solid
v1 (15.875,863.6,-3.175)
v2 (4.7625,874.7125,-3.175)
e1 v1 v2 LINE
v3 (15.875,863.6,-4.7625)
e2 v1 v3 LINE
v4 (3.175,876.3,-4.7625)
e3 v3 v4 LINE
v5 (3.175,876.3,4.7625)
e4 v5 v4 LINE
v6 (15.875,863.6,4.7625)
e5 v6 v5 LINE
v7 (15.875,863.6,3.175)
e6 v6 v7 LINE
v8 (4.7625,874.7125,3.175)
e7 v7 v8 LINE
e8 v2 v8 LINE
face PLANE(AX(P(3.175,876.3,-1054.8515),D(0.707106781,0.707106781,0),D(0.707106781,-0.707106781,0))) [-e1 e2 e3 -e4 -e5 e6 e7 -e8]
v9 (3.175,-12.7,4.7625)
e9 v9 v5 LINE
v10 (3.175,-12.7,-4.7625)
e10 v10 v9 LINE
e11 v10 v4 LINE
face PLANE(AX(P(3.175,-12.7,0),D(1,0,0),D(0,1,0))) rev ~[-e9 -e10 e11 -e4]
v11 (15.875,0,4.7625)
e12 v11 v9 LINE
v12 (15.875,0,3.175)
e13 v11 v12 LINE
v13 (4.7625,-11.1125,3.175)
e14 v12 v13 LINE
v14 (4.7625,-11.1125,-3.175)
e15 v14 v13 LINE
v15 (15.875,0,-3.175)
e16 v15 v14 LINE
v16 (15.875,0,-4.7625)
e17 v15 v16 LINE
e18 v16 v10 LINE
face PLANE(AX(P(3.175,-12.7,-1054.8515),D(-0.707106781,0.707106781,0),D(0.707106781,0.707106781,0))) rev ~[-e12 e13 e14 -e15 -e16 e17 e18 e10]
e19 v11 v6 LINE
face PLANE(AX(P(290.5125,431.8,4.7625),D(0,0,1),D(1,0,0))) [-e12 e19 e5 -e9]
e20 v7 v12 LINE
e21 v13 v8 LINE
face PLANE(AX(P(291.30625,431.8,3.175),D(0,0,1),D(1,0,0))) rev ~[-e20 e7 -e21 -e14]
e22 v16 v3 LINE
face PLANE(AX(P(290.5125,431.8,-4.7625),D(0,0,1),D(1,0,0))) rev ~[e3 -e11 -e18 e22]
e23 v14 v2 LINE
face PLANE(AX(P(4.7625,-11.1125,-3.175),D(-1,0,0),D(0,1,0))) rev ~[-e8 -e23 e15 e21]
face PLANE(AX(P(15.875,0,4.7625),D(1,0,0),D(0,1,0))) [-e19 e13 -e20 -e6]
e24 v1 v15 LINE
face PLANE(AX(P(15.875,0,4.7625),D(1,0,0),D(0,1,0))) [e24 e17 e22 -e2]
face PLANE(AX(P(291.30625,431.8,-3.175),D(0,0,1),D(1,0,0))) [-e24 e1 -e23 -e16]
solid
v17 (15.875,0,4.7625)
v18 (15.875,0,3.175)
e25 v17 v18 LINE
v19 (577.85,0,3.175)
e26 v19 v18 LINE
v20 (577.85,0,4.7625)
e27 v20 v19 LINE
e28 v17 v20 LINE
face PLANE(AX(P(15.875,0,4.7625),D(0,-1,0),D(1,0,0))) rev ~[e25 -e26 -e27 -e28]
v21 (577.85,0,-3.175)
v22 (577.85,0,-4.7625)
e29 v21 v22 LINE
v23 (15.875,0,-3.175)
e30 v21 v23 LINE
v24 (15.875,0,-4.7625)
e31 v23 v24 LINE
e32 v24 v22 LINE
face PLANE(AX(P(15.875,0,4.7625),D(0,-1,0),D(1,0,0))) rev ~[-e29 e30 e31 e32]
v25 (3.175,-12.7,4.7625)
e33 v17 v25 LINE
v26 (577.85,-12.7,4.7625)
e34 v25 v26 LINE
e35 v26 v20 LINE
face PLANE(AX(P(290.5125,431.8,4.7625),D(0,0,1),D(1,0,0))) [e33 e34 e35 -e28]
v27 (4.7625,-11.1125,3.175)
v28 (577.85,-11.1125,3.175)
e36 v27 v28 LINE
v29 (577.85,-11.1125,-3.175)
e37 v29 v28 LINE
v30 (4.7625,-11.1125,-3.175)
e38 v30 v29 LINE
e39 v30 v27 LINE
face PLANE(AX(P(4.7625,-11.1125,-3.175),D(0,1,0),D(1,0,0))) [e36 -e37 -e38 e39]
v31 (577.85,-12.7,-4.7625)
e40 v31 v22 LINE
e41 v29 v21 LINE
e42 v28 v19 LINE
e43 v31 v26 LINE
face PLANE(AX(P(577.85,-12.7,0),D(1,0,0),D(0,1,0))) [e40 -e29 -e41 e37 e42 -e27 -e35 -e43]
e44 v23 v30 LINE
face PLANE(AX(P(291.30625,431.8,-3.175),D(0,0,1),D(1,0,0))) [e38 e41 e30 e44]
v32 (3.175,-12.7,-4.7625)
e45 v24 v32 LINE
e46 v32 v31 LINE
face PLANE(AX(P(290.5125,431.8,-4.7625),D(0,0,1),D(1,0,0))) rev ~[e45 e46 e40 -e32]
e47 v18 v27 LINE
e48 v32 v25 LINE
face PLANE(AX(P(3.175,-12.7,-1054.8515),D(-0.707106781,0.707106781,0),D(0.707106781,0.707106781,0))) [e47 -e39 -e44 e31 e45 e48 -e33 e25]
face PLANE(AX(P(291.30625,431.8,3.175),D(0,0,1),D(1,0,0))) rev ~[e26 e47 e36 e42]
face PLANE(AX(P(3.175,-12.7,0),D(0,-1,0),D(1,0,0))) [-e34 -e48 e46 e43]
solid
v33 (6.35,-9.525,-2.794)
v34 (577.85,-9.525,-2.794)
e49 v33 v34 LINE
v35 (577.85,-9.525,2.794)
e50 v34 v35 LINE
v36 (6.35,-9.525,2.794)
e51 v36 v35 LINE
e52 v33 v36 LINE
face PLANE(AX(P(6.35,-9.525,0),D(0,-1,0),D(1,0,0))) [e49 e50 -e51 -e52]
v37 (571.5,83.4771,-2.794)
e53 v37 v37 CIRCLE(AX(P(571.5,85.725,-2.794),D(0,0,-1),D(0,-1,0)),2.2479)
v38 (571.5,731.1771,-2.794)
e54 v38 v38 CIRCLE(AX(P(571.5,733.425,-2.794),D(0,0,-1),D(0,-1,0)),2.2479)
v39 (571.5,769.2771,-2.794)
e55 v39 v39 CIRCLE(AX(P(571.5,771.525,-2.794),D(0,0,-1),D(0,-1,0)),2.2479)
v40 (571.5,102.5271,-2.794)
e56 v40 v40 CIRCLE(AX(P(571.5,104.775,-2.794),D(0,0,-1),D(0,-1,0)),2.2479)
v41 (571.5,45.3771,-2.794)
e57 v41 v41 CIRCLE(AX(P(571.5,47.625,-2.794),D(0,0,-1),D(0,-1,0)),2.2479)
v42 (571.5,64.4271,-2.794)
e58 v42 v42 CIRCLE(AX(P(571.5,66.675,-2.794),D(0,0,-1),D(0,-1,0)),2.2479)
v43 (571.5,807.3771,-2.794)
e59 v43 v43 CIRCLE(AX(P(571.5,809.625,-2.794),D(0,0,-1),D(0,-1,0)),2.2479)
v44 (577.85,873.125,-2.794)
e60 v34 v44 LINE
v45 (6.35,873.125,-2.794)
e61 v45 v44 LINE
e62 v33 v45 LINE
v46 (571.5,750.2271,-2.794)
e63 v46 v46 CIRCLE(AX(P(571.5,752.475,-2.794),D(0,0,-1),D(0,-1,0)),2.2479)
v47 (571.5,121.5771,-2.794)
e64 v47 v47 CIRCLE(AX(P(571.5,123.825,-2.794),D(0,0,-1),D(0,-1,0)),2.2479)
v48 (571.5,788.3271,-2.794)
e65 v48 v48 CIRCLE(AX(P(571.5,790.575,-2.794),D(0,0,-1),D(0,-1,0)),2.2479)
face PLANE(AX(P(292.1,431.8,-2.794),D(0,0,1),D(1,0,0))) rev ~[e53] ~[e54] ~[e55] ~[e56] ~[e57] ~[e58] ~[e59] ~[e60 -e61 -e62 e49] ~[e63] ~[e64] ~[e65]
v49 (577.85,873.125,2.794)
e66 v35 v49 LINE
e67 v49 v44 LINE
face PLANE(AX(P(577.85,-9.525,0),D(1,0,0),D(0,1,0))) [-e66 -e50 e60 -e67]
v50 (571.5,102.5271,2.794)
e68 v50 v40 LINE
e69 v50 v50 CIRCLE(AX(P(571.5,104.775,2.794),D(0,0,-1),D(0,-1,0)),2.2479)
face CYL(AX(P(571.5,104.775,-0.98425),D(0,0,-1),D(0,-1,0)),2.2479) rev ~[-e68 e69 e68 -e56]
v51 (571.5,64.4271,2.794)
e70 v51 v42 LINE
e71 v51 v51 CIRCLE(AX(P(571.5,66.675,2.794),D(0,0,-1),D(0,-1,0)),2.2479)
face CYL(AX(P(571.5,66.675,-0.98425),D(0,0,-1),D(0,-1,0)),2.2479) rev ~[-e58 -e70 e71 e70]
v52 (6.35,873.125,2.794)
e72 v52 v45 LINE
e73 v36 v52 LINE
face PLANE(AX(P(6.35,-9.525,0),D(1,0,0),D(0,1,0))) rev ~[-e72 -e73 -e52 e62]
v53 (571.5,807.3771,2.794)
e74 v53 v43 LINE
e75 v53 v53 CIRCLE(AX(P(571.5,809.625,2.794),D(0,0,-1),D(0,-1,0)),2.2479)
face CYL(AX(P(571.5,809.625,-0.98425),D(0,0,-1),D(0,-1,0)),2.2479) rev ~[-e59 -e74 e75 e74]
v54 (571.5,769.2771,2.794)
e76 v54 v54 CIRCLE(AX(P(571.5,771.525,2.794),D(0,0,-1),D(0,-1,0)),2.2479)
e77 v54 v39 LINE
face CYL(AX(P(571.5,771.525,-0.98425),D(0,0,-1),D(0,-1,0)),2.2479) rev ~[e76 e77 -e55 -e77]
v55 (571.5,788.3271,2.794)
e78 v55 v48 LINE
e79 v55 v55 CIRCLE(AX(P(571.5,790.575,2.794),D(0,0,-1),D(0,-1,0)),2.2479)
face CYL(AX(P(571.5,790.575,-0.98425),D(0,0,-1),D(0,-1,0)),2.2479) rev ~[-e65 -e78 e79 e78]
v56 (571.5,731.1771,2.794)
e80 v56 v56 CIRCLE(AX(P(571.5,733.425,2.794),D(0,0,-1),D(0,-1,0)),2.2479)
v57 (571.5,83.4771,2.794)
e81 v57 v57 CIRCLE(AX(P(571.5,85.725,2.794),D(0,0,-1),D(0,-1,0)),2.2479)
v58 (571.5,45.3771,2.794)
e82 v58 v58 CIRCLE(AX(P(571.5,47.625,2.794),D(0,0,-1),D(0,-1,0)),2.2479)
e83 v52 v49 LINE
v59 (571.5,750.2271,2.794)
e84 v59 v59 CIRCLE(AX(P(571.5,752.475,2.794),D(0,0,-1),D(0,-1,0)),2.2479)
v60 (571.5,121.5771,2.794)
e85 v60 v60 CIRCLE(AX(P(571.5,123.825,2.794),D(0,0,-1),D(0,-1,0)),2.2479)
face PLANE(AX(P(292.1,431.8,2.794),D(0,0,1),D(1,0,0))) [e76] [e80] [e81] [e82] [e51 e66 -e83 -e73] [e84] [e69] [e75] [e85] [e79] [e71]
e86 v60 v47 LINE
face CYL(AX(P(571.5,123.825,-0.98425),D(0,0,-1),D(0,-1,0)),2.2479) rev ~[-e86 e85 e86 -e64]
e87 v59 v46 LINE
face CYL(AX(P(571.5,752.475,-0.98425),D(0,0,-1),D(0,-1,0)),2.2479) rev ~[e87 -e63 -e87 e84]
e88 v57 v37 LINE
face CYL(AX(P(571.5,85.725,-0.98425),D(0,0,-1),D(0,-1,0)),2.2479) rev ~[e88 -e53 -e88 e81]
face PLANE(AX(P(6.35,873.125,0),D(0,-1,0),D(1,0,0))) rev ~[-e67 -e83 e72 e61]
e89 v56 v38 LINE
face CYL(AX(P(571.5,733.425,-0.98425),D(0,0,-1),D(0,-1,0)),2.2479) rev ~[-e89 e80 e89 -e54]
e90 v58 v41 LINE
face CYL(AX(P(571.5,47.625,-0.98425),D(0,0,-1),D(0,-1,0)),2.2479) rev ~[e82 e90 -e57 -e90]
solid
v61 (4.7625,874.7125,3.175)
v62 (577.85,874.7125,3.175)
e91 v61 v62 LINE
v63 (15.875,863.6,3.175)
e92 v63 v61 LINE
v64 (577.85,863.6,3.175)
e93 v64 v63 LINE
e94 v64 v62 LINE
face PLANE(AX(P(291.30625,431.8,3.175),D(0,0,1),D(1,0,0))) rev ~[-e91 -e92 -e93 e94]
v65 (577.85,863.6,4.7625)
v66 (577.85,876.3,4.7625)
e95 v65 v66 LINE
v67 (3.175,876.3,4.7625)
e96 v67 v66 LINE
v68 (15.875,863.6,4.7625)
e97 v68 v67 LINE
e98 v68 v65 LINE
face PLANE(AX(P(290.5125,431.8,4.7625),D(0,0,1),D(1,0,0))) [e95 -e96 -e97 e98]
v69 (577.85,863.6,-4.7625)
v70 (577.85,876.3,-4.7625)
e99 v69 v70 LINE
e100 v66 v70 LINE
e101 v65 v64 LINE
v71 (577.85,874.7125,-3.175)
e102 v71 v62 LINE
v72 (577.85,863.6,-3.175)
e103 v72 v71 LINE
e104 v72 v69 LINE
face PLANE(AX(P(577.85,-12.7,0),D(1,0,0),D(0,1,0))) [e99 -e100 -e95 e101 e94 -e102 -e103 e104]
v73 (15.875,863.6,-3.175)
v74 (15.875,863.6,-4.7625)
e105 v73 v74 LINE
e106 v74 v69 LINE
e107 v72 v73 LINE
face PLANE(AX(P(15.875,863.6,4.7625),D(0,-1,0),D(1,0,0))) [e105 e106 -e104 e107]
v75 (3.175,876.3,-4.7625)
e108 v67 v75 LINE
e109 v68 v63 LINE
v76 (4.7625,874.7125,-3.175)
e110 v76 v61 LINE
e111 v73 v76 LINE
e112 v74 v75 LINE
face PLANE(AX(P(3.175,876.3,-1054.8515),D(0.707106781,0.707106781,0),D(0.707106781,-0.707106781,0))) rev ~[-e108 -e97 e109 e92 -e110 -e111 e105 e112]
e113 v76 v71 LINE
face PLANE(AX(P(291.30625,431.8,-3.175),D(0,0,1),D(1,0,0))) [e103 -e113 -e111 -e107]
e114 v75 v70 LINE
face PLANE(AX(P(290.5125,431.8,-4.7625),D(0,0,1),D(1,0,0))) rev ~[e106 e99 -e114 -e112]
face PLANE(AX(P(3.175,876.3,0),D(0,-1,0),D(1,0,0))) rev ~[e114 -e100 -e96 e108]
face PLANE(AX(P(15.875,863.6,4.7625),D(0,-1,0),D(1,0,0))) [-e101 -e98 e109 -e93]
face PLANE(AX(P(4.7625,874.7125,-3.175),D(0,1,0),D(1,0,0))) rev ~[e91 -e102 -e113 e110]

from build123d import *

# Parameters (mm, degrees)
SKETCH2_W                             = 574.675
SKETCH2_H                             = 889
FRAME_OUTER_DIMENSIONS_DEPTH          = 4.7625
SKETCH3_W                             = 561.975
SKETCH3_H                             = 863.6
FRAME_INNER_DIMENSIONS_DEPTH          = 1050.71569395
FRAME_PROFILE_DEPTH                   = 3.175
FRAME_PROFILE_DEPTH_BACK              = 3.175
SKETCH4_W                             = 573.0875
SKETCH4_H                             = 885.825
FRAME_SECTION_SPLIT_SURFACE_1_1_BACK  = 1059.614
FRAME_SECTION_SPLIT_SURFACE_1_1_DEPTH = 2119.228
FRAME_SECTION_SPLIT_SURFACE_1_2_BACK  = 1059.614
FRAME_SECTION_SPLIT_SURFACE_1_2_DEPTH = 2119.228
FRAME_SECTION_SPLIT_SURFACE_2_3_BACK  = 1059.614
FRAME_SECTION_SPLIT_SURFACE_2_3_DEPTH = 2119.228
FRAME_SECTION_SPLIT_SURFACE_2_4_BACK  = 1059.614
FRAME_SECTION_SPLIT_SURFACE_2_4_DEPTH = 2119.228
SKETCH5_W                             = 571.5
SKETCH5_H                             = 882.65
DOOR_PANEL_DEPTH                      = 2.794
SKETCH9_W                             = 2.2479
SKETCH9_H                             = 7.5565
F_8_CLEARANCE_HOLE1_AT_2_COUNT        = 2
F_8_CLEARANCE_HOLE1_AT_2_PITCH        = 19.05
F_8_CLEARANCE_HOLE1_AT_3_COUNT        = 2
F_8_CLEARANCE_HOLE1_AT_3_PITCH        = 38.1
F_8_CLEARANCE_HOLE1_AT_4_COUNT        = 2
F_8_CLEARANCE_HOLE1_AT_4_PITCH        = 57.15
F_8_CLEARANCE_HOLE1_AT_5_COUNT        = 2
F_8_CLEARANCE_HOLE1_AT_5_PITCH        = 76.2
F_8_CLEARANCE_HOLE1_AT_6_COUNT        = 2
F_8_CLEARANCE_HOLE1_AT_6_PITCH        = 704.85
F_8_CLEARANCE_HOLE1_AT_7_COUNT        = 2
F_8_CLEARANCE_HOLE1_AT_7_PITCH        = 723.9
F_8_CLEARANCE_HOLE1_AT_8_COUNT        = 2
F_8_CLEARANCE_HOLE1_AT_8_PITCH        = 742.95
F_8_CLEARANCE_HOLE1_AT_9_COUNT        = 2
F_8_CLEARANCE_HOLE1_AT_9_PITCH        = 762
F_8_CLEARANCE_HOLE1_AT_10_COUNT       = 2
F_8_CLEARANCE_HOLE1_AT_10_PITCH       = 685.8


with BuildPart() as part:
    # Sketch2 → Frame outer dimensions (new, symmetric)
    with BuildSketch(Plane.XY):
        with Locations((290.5125, 431.8)):
            Rectangle(SKETCH2_W, SKETCH2_H)
    extrude(amount=FRAME_OUTER_DIMENSIONS_DEPTH, both=True)

    # Sketch3 → Frame inner dimensions (cut, through all)
    with BuildSketch(Plane.XY.offset(4.7625)):
        with Locations((296.8625, 431.8)):
            Rectangle(SKETCH3_W, SKETCH3_H)
    extrude(amount=-FRAME_INNER_DIMENSIONS_DEPTH, mode=Mode.SUBTRACT)

    # Sketch4 → Frame profile (cut, two sides: drawn at the far end of the back side and taken through both)
    with BuildSketch(Plane.XY.offset(-FRAME_PROFILE_DEPTH_BACK)):
        with Locations((291.30625, 431.8)):
            Rectangle(SKETCH4_W, SKETCH4_H)
    extrude(amount=FRAME_PROFILE_DEPTH + FRAME_PROFILE_DEPTH_BACK, mode=Mode.SUBTRACT)


with BuildPart() as body_2:
    # Frame section split: the piece behind the surface
    add(part.part)
    # Frame section split surface 1: a surface, the sketch's curves swept straight by 2119.228 mm
    with BuildLine(Plane.XY.offset(4.7625).offset(-FRAME_SECTION_SPLIT_SURFACE_1_1_BACK), mode=Mode.PRIVATE) as frame_section_split_surface_1_1_path:
        Line((3.175, 876.3), (15.875, 863.6))
    frame_section_split_surface_1_1 = Shell.extrude(frame_section_split_surface_1_1_path.wire(), (0 * FRAME_SECTION_SPLIT_SURFACE_1_1_DEPTH, 0 * FRAME_SECTION_SPLIT_SURFACE_1_1_DEPTH, 1 * FRAME_SECTION_SPLIT_SURFACE_1_1_DEPTH))
    split(bisect_by=frame_section_split_surface_1_1, keep=Keep.BOTTOM)


with BuildPart() as part_1:
    add(part.part)

    # Frame section split: split by a surface, the side it looks to stays
    # Frame section split surface 1: a surface, the sketch's curves swept straight by 2119.228 mm
    with BuildLine(Plane.XY.offset(4.7625).offset(-FRAME_SECTION_SPLIT_SURFACE_1_2_BACK), mode=Mode.PRIVATE) as frame_section_split_surface_1_2_path:
        Line((3.175, 876.3), (15.875, 863.6))
    frame_section_split_surface_1_2 = Shell.extrude(frame_section_split_surface_1_2_path.wire(), (0 * FRAME_SECTION_SPLIT_SURFACE_1_2_DEPTH, 0 * FRAME_SECTION_SPLIT_SURFACE_1_2_DEPTH, 1 * FRAME_SECTION_SPLIT_SURFACE_1_2_DEPTH))
    split(bisect_by=frame_section_split_surface_1_2, keep=Keep.TOP)


with BuildPart() as body_3:
    # Frame section split 2 body 2: the piece behind the surface
    add(body_2.part)
    # Frame section split surface 2: a surface, the sketch's curves swept straight by 2119.228 mm
    with BuildLine(Plane.XY.offset(4.7625).offset(-FRAME_SECTION_SPLIT_SURFACE_2_3_BACK), mode=Mode.PRIVATE) as frame_section_split_surface_2_3_path:
        Line((3.175, -12.7), (15.875, 0))
    frame_section_split_surface_2_3 = Shell.extrude(frame_section_split_surface_2_3_path.wire(), (0 * FRAME_SECTION_SPLIT_SURFACE_2_3_DEPTH, 0 * FRAME_SECTION_SPLIT_SURFACE_2_3_DEPTH, 1 * FRAME_SECTION_SPLIT_SURFACE_2_3_DEPTH))
    split(bisect_by=frame_section_split_surface_2_3, keep=Keep.BOTTOM)


with BuildPart() as body_2_1:
    add(body_2.part)

    # Frame section split 2 body 2: split by a surface, the side it looks to stays
    # Frame section split surface 2: a surface, the sketch's curves swept straight by 2119.228 mm
    with BuildLine(Plane.XY.offset(4.7625).offset(-FRAME_SECTION_SPLIT_SURFACE_2_4_BACK), mode=Mode.PRIVATE) as frame_section_split_surface_2_4_path:
        Line((3.175, -12.7), (15.875, 0))
    frame_section_split_surface_2_4 = Shell.extrude(frame_section_split_surface_2_4_path.wire(), (0 * FRAME_SECTION_SPLIT_SURFACE_2_4_DEPTH, 0 * FRAME_SECTION_SPLIT_SURFACE_2_4_DEPTH, 1 * FRAME_SECTION_SPLIT_SURFACE_2_4_DEPTH))
    split(bisect_by=frame_section_split_surface_2_4, keep=Keep.TOP)


with BuildPart() as body_4:
    # Sketch5 → Door panel (new, symmetric)
    with BuildSketch(Plane.XY):
        with Locations((292.1, 431.8)):
            Rectangle(SKETCH5_W, SKETCH5_H)
    extrude(amount=DOOR_PANEL_DEPTH, both=True)

    # Sketch9 → #8 Clearance Hole1 (revolve, cut)
    with BuildSketch(Plane(origin=(571.5, 47.625, 2.794), x_dir=(0, -1, 0), z_dir=(1, 0, 0))):
        with Locations((1.12395, 3.77825)):
            Rectangle(SKETCH9_W, SKETCH9_H)
    f_8_clearance_hole1 = revolve(axis=Axis((571.5, 47.625, 9.144), (0, 0, -1)), mode=Mode.SUBTRACT)

    # #8 Clearance Hole1 at 2: #8 Clearance Hole1 ×2
    with Locations(*[(0, i * F_8_CLEARANCE_HOLE1_AT_2_PITCH, 0) for i in range(1, F_8_CLEARANCE_HOLE1_AT_2_COUNT)]):
        add(f_8_clearance_hole1, mode=Mode.SUBTRACT)

    # #8 Clearance Hole1 at 3: #8 Clearance Hole1 ×2
    with Locations(*[(0, i * F_8_CLEARANCE_HOLE1_AT_3_PITCH, 0) for i in range(1, F_8_CLEARANCE_HOLE1_AT_3_COUNT)]):
        add(f_8_clearance_hole1, mode=Mode.SUBTRACT)

    # #8 Clearance Hole1 at 4: #8 Clearance Hole1 ×2
    with Locations(*[(0, i * F_8_CLEARANCE_HOLE1_AT_4_PITCH, 0) for i in range(1, F_8_CLEARANCE_HOLE1_AT_4_COUNT)]):
        add(f_8_clearance_hole1, mode=Mode.SUBTRACT)

    # #8 Clearance Hole1 at 5: #8 Clearance Hole1 ×2
    with Locations(*[(0, i * F_8_CLEARANCE_HOLE1_AT_5_PITCH, 0) for i in range(1, F_8_CLEARANCE_HOLE1_AT_5_COUNT)]):
        add(f_8_clearance_hole1, mode=Mode.SUBTRACT)

    # #8 Clearance Hole1 at 6: #8 Clearance Hole1 ×2
    with Locations(*[(0, i * F_8_CLEARANCE_HOLE1_AT_6_PITCH, 0) for i in range(1, F_8_CLEARANCE_HOLE1_AT_6_COUNT)]):
        add(f_8_clearance_hole1, mode=Mode.SUBTRACT)

    # #8 Clearance Hole1 at 7: #8 Clearance Hole1 ×2
    with Locations(*[(0, i * F_8_CLEARANCE_HOLE1_AT_7_PITCH, 0) for i in range(1, F_8_CLEARANCE_HOLE1_AT_7_COUNT)]):
        add(f_8_clearance_hole1, mode=Mode.SUBTRACT)

    # #8 Clearance Hole1 at 8: #8 Clearance Hole1 ×2
    with Locations(*[(0, i * F_8_CLEARANCE_HOLE1_AT_8_PITCH, 0) for i in range(1, F_8_CLEARANCE_HOLE1_AT_8_COUNT)]):
        add(f_8_clearance_hole1, mode=Mode.SUBTRACT)

    # #8 Clearance Hole1 at 9: #8 Clearance Hole1 ×2
    with Locations(*[(0, i * F_8_CLEARANCE_HOLE1_AT_9_PITCH, 0) for i in range(1, F_8_CLEARANCE_HOLE1_AT_9_COUNT)]):
        add(f_8_clearance_hole1, mode=Mode.SUBTRACT)

    # #8 Clearance Hole1 at 10: #8 Clearance Hole1 ×2
    with Locations(*[(0, i * F_8_CLEARANCE_HOLE1_AT_10_PITCH, 0) for i in range(1, F_8_CLEARANCE_HOLE1_AT_10_COUNT)]):
        add(f_8_clearance_hole1, mode=Mode.SUBTRACT)


solid = Compound([part_1.part, body_3.part, body_2_1.part, body_4.part])
